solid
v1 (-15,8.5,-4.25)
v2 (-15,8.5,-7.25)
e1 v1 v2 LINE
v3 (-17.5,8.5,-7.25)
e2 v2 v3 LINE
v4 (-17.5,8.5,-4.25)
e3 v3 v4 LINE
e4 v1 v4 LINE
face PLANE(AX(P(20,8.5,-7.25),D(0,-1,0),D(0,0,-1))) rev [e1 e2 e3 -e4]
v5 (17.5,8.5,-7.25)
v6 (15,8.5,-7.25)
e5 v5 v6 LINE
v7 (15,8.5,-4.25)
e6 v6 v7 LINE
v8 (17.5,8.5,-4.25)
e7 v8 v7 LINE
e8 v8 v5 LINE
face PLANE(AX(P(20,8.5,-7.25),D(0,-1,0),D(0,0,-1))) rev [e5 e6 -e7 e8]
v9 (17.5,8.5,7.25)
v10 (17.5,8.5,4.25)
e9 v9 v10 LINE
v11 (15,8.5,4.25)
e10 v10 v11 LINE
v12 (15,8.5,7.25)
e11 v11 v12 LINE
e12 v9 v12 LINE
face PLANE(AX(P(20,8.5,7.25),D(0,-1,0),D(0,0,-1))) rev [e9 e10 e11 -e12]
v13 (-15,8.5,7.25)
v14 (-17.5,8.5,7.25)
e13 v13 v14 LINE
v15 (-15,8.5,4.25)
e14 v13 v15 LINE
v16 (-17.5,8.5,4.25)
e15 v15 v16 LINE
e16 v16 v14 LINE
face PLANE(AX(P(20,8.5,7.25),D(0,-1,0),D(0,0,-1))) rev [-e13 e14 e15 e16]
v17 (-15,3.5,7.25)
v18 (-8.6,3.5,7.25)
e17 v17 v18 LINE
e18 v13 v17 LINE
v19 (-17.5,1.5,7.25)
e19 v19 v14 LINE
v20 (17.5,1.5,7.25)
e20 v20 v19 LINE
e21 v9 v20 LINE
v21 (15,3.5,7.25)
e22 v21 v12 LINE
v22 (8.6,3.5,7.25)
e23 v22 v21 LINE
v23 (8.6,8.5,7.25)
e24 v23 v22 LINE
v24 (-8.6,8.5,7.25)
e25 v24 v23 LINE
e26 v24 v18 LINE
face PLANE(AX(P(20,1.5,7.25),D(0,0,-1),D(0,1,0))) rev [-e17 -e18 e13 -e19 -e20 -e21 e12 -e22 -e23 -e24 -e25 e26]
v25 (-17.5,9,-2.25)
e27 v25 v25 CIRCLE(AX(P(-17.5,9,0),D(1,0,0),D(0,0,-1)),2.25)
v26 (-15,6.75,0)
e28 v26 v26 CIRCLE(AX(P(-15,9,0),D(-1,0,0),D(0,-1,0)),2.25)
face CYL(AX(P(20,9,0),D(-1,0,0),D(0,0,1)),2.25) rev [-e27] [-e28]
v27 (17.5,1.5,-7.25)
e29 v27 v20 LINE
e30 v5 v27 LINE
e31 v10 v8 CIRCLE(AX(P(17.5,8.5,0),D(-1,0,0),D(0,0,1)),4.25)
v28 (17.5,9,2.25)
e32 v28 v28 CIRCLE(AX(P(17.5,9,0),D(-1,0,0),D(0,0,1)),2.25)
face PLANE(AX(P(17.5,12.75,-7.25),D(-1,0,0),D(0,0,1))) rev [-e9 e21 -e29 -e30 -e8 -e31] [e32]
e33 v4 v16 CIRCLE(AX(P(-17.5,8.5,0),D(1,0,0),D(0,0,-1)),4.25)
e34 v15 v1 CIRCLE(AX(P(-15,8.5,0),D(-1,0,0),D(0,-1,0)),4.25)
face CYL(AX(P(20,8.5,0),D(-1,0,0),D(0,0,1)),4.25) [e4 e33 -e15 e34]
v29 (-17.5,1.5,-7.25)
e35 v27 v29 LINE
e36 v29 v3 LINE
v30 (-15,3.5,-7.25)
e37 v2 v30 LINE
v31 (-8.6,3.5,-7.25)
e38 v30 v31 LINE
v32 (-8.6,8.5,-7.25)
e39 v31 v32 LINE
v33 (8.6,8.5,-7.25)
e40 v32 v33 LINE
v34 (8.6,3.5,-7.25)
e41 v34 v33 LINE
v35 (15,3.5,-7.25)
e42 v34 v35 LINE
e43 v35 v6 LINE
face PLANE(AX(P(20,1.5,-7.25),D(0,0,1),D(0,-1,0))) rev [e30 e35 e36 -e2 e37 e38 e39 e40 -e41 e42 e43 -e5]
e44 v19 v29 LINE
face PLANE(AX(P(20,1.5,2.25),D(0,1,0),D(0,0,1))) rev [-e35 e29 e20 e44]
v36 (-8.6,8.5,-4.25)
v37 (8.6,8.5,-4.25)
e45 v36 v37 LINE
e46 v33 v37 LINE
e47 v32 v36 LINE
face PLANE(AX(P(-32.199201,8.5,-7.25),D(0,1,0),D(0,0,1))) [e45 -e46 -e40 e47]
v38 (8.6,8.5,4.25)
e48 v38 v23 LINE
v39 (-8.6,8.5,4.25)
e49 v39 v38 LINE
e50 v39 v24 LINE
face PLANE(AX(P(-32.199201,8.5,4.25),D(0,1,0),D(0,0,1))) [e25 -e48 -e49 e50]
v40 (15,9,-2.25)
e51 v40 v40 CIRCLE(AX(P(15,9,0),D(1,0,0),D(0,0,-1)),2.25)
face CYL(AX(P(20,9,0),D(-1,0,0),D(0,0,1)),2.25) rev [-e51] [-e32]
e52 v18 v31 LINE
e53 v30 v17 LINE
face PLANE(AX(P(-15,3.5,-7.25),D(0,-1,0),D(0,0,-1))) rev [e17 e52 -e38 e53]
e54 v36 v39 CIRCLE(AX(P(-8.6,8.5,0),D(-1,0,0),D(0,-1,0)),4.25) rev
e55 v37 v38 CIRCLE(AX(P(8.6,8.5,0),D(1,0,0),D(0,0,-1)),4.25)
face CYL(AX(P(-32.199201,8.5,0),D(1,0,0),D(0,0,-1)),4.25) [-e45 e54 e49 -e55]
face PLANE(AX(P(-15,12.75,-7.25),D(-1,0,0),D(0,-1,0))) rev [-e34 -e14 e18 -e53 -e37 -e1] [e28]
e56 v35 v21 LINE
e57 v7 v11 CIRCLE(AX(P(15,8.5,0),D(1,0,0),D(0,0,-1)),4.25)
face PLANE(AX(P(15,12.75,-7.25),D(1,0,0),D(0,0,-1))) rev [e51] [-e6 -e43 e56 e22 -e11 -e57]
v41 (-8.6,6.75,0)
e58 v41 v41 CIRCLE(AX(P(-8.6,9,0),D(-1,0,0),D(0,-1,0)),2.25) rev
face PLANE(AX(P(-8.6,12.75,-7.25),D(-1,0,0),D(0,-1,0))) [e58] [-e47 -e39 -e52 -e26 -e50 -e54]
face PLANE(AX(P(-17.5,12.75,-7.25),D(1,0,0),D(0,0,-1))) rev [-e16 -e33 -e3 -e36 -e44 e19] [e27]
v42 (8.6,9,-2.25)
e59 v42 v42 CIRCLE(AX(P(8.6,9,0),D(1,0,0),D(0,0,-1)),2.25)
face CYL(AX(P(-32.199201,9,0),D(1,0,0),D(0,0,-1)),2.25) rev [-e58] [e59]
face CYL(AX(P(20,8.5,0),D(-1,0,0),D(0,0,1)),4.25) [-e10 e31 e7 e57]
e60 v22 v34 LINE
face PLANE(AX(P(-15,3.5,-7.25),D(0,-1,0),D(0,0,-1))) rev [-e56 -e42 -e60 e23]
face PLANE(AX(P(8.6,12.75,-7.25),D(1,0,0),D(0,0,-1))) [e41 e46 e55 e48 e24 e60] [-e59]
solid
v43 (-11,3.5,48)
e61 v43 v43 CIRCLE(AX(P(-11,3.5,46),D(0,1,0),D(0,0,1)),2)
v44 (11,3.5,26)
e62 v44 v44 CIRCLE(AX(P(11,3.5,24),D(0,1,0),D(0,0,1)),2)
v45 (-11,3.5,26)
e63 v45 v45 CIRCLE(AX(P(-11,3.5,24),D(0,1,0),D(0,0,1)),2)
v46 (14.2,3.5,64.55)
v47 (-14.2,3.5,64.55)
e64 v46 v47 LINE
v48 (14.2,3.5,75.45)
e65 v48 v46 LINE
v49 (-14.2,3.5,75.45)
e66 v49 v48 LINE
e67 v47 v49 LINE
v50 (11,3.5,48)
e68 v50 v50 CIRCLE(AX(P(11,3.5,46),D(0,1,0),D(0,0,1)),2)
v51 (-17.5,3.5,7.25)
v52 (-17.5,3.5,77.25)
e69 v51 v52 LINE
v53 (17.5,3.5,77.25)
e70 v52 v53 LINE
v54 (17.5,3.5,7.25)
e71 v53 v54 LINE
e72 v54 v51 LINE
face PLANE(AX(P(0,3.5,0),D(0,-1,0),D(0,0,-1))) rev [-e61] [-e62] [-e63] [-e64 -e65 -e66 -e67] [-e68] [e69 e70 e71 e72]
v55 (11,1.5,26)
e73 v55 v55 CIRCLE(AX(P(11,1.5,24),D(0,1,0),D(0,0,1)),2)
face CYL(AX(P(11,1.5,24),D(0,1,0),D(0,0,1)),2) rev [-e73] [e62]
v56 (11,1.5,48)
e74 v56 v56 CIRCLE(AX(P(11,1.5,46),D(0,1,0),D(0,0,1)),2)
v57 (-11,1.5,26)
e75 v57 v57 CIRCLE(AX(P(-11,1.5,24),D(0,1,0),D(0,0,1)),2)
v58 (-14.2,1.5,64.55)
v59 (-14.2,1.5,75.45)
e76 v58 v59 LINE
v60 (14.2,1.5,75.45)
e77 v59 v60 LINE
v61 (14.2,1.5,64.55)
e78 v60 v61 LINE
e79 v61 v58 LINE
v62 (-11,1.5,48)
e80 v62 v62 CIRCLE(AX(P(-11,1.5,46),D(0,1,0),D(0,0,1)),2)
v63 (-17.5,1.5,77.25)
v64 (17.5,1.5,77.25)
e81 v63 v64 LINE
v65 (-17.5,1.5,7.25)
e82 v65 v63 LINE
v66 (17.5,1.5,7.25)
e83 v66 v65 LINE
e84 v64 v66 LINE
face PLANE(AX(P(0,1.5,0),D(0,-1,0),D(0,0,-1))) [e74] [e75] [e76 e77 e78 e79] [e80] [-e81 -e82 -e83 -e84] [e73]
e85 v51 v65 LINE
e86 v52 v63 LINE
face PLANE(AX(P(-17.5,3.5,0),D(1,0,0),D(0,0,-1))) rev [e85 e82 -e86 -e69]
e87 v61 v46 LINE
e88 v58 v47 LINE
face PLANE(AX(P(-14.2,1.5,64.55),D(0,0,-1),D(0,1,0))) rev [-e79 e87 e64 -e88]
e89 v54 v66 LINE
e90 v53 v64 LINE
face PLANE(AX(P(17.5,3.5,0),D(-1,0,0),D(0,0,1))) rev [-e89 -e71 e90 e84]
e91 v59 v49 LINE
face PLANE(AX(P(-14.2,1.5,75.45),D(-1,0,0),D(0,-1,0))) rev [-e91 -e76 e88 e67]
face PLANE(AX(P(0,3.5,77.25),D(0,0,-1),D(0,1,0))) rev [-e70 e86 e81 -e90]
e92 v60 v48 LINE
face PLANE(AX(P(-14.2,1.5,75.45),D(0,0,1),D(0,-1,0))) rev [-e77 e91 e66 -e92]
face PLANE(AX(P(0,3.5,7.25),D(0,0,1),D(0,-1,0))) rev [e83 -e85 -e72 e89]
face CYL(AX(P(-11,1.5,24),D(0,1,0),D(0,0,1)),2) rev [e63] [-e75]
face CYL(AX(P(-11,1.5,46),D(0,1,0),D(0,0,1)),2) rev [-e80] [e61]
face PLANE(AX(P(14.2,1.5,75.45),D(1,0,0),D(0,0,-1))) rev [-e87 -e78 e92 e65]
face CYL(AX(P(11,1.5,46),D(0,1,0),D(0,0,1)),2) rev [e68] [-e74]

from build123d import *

# Parameters (mm, degrees)
SKETCH1_R                = 2.25
BOSS_EXTRUDE1_DEPTH      = 20
SKETCH2_W                = 30
SKETCH2_H                = 9.25
CUT_EXTRUDE1_DEPTH       = 28.799505391
SKETCH3_W                = 2.5
SKETCH3_H                = 14.25
CUT_EXTRUDE2_DEPTH       = 28.799505391
BOSS_EXTRUDE2_DEPTH      = 8.6
BOSS_EXTRUDE2_DEPTH_BACK = 8.6
SKETCH5_R                = 2.25
SKETCH6_W                = 4.5
SKETCH6_H                = 3
CUT_EXTRUDE4_DEPTH       = 38.948978906
SKETCH9_W                = 35
SKETCH9_H                = 70
BOSS_EXTRUDE4_DEPTH      = 2
SKETCH10_W               = 28.4
SKETCH10_H               = 10.9
CUT_EXTRUDE5_DEPTH       = 80.745689539
SKETCH13_R               = 2
CUT_EXTRUDE6_DEPTH       = 80.745689539


with BuildPart() as part:
    # Sketch1 → Boss-Extrude1 (new, symmetric)
    with BuildSketch(Plane(origin=(0, 0, 0), x_dir=(0, 0, -1), z_dir=(1, 0, 0))):
        with BuildLine():
            Line((2.25, 1.5), (7.25, 1.5))
            Line((7.25, 1.5), (7.25, 8.5))
            Line((7.25, 8.5), (4.25, 8.5))
            ThreePointArc((4.25, 8.5), (0, 12.75), (-4.25, 8.5))
            Line((-4.25, 8.5), (-7.25, 8.5))
            Line((-7.25, 8.5), (-7.25, 1.5))
            Line((-7.25, 1.5), (-2.25, 1.5))
            Line((-2.25, 1.5), (-2.25, -1.5))
            Line((-2.25, -1.5), (2.25, -1.5))
            Line((2.25, -1.5), (2.25, 1.5))
        make_face()
        with Locations((0, 9)):
            Circle(SKETCH1_R, mode=Mode.SUBTRACT)
    extrude(amount=BOSS_EXTRUDE1_DEPTH, both=True)

    # Sketch2 → Cut-Extrude1 (cut, through all)
    with BuildSketch(Plane.XY.offset(7.25)):
        with Locations((0, 8.125)):
            Rectangle(SKETCH2_W, SKETCH2_H)
    extrude(amount=-CUT_EXTRUDE1_DEPTH, mode=Mode.SUBTRACT)

    # Sketch3 → Cut-Extrude2 (cut, through all)
    with BuildSketch(Plane.XY.offset(7.25)):
        with Locations((-18.75, 5.625)):
            Rectangle(SKETCH3_W, SKETCH3_H)
        with Locations((18.75, 5.625)):
            Rectangle(SKETCH3_W, SKETCH3_H)
    extrude(amount=-CUT_EXTRUDE2_DEPTH, mode=Mode.SUBTRACT)

    # Sketch5 → Boss-Extrude2 (add, two sides: drawn at the far end of the back side and taken through both)
    with BuildSketch(Plane(origin=(0, 0, 0), x_dir=(0, 0, -1), z_dir=(1, 0, 0)).offset(-BOSS_EXTRUDE2_DEPTH_BACK)):
        with BuildLine():
            Line((-4.25, 8.5), (-7.25, 8.5))
            Line((-7.25, 8.5), (-7.25, 3.5))
            Line((-7.25, 3.5), (7.25, 3.5))
            Line((7.25, 3.5), (7.25, 8.5))
            Line((7.25, 8.5), (4.25, 8.5))
            ThreePointArc((4.25, 8.5), (0, 12.75), (-4.25, 8.5))
        make_face()
        with Locations(Location((0, 9, 0), (0, 0, 270))):
            Circle(SKETCH5_R, mode=Mode.SUBTRACT)
    extrude(amount=BOSS_EXTRUDE2_DEPTH + BOSS_EXTRUDE2_DEPTH_BACK)

    # Sketch6 → Cut-Extrude4 (cut, through all)
    with BuildSketch(Plane.ZY.offset(17.5)):
        Rectangle(SKETCH6_W, SKETCH6_H)
    extrude(amount=-CUT_EXTRUDE4_DEPTH, mode=Mode.SUBTRACT)


with BuildPart() as body_2:
    # Sketch9 → Boss-Extrude4 (new body)
    with BuildSketch(Plane.XZ.offset(-1.5)):
        with Locations((0, 42.25)):
            Rectangle(SKETCH9_W, SKETCH9_H)
    extrude(amount=-BOSS_EXTRUDE4_DEPTH)

    # Sketch10 → Cut-Extrude5 (cut, through all)
    with BuildSketch(Plane(origin=(0, 3.5, 0), x_dir=(1, 0, 0), z_dir=(0, 1, 0))):
        with Locations((0, -70)):
            Rectangle(SKETCH10_W, SKETCH10_H)
    extrude(amount=-CUT_EXTRUDE5_DEPTH, mode=Mode.SUBTRACT)

    # Sketch13 → Cut-Extrude6 (cut, through all)
    with BuildSketch(Plane(origin=(0, 3.5, 0), x_dir=(1, 0, 0), z_dir=(0, 1, 0))):
        with Locations(Location((-11, -46, 0), (0, 0, 270))):
            Circle(SKETCH13_R)
        with Locations(Location((11, -46, 0), (0, 0, 270))):
            Circle(SKETCH13_R)
        with Locations(Location((11, -24, 0), (0, 0, 270))):
            Circle(SKETCH13_R)
        with Locations(Location((-11, -24, 0), (0, 0, 270))):
            Circle(SKETCH13_R)
    extrude(amount=-CUT_EXTRUDE6_DEPTH, mode=Mode.SUBTRACT)


solid = Compound([part.part, body_2.part])
